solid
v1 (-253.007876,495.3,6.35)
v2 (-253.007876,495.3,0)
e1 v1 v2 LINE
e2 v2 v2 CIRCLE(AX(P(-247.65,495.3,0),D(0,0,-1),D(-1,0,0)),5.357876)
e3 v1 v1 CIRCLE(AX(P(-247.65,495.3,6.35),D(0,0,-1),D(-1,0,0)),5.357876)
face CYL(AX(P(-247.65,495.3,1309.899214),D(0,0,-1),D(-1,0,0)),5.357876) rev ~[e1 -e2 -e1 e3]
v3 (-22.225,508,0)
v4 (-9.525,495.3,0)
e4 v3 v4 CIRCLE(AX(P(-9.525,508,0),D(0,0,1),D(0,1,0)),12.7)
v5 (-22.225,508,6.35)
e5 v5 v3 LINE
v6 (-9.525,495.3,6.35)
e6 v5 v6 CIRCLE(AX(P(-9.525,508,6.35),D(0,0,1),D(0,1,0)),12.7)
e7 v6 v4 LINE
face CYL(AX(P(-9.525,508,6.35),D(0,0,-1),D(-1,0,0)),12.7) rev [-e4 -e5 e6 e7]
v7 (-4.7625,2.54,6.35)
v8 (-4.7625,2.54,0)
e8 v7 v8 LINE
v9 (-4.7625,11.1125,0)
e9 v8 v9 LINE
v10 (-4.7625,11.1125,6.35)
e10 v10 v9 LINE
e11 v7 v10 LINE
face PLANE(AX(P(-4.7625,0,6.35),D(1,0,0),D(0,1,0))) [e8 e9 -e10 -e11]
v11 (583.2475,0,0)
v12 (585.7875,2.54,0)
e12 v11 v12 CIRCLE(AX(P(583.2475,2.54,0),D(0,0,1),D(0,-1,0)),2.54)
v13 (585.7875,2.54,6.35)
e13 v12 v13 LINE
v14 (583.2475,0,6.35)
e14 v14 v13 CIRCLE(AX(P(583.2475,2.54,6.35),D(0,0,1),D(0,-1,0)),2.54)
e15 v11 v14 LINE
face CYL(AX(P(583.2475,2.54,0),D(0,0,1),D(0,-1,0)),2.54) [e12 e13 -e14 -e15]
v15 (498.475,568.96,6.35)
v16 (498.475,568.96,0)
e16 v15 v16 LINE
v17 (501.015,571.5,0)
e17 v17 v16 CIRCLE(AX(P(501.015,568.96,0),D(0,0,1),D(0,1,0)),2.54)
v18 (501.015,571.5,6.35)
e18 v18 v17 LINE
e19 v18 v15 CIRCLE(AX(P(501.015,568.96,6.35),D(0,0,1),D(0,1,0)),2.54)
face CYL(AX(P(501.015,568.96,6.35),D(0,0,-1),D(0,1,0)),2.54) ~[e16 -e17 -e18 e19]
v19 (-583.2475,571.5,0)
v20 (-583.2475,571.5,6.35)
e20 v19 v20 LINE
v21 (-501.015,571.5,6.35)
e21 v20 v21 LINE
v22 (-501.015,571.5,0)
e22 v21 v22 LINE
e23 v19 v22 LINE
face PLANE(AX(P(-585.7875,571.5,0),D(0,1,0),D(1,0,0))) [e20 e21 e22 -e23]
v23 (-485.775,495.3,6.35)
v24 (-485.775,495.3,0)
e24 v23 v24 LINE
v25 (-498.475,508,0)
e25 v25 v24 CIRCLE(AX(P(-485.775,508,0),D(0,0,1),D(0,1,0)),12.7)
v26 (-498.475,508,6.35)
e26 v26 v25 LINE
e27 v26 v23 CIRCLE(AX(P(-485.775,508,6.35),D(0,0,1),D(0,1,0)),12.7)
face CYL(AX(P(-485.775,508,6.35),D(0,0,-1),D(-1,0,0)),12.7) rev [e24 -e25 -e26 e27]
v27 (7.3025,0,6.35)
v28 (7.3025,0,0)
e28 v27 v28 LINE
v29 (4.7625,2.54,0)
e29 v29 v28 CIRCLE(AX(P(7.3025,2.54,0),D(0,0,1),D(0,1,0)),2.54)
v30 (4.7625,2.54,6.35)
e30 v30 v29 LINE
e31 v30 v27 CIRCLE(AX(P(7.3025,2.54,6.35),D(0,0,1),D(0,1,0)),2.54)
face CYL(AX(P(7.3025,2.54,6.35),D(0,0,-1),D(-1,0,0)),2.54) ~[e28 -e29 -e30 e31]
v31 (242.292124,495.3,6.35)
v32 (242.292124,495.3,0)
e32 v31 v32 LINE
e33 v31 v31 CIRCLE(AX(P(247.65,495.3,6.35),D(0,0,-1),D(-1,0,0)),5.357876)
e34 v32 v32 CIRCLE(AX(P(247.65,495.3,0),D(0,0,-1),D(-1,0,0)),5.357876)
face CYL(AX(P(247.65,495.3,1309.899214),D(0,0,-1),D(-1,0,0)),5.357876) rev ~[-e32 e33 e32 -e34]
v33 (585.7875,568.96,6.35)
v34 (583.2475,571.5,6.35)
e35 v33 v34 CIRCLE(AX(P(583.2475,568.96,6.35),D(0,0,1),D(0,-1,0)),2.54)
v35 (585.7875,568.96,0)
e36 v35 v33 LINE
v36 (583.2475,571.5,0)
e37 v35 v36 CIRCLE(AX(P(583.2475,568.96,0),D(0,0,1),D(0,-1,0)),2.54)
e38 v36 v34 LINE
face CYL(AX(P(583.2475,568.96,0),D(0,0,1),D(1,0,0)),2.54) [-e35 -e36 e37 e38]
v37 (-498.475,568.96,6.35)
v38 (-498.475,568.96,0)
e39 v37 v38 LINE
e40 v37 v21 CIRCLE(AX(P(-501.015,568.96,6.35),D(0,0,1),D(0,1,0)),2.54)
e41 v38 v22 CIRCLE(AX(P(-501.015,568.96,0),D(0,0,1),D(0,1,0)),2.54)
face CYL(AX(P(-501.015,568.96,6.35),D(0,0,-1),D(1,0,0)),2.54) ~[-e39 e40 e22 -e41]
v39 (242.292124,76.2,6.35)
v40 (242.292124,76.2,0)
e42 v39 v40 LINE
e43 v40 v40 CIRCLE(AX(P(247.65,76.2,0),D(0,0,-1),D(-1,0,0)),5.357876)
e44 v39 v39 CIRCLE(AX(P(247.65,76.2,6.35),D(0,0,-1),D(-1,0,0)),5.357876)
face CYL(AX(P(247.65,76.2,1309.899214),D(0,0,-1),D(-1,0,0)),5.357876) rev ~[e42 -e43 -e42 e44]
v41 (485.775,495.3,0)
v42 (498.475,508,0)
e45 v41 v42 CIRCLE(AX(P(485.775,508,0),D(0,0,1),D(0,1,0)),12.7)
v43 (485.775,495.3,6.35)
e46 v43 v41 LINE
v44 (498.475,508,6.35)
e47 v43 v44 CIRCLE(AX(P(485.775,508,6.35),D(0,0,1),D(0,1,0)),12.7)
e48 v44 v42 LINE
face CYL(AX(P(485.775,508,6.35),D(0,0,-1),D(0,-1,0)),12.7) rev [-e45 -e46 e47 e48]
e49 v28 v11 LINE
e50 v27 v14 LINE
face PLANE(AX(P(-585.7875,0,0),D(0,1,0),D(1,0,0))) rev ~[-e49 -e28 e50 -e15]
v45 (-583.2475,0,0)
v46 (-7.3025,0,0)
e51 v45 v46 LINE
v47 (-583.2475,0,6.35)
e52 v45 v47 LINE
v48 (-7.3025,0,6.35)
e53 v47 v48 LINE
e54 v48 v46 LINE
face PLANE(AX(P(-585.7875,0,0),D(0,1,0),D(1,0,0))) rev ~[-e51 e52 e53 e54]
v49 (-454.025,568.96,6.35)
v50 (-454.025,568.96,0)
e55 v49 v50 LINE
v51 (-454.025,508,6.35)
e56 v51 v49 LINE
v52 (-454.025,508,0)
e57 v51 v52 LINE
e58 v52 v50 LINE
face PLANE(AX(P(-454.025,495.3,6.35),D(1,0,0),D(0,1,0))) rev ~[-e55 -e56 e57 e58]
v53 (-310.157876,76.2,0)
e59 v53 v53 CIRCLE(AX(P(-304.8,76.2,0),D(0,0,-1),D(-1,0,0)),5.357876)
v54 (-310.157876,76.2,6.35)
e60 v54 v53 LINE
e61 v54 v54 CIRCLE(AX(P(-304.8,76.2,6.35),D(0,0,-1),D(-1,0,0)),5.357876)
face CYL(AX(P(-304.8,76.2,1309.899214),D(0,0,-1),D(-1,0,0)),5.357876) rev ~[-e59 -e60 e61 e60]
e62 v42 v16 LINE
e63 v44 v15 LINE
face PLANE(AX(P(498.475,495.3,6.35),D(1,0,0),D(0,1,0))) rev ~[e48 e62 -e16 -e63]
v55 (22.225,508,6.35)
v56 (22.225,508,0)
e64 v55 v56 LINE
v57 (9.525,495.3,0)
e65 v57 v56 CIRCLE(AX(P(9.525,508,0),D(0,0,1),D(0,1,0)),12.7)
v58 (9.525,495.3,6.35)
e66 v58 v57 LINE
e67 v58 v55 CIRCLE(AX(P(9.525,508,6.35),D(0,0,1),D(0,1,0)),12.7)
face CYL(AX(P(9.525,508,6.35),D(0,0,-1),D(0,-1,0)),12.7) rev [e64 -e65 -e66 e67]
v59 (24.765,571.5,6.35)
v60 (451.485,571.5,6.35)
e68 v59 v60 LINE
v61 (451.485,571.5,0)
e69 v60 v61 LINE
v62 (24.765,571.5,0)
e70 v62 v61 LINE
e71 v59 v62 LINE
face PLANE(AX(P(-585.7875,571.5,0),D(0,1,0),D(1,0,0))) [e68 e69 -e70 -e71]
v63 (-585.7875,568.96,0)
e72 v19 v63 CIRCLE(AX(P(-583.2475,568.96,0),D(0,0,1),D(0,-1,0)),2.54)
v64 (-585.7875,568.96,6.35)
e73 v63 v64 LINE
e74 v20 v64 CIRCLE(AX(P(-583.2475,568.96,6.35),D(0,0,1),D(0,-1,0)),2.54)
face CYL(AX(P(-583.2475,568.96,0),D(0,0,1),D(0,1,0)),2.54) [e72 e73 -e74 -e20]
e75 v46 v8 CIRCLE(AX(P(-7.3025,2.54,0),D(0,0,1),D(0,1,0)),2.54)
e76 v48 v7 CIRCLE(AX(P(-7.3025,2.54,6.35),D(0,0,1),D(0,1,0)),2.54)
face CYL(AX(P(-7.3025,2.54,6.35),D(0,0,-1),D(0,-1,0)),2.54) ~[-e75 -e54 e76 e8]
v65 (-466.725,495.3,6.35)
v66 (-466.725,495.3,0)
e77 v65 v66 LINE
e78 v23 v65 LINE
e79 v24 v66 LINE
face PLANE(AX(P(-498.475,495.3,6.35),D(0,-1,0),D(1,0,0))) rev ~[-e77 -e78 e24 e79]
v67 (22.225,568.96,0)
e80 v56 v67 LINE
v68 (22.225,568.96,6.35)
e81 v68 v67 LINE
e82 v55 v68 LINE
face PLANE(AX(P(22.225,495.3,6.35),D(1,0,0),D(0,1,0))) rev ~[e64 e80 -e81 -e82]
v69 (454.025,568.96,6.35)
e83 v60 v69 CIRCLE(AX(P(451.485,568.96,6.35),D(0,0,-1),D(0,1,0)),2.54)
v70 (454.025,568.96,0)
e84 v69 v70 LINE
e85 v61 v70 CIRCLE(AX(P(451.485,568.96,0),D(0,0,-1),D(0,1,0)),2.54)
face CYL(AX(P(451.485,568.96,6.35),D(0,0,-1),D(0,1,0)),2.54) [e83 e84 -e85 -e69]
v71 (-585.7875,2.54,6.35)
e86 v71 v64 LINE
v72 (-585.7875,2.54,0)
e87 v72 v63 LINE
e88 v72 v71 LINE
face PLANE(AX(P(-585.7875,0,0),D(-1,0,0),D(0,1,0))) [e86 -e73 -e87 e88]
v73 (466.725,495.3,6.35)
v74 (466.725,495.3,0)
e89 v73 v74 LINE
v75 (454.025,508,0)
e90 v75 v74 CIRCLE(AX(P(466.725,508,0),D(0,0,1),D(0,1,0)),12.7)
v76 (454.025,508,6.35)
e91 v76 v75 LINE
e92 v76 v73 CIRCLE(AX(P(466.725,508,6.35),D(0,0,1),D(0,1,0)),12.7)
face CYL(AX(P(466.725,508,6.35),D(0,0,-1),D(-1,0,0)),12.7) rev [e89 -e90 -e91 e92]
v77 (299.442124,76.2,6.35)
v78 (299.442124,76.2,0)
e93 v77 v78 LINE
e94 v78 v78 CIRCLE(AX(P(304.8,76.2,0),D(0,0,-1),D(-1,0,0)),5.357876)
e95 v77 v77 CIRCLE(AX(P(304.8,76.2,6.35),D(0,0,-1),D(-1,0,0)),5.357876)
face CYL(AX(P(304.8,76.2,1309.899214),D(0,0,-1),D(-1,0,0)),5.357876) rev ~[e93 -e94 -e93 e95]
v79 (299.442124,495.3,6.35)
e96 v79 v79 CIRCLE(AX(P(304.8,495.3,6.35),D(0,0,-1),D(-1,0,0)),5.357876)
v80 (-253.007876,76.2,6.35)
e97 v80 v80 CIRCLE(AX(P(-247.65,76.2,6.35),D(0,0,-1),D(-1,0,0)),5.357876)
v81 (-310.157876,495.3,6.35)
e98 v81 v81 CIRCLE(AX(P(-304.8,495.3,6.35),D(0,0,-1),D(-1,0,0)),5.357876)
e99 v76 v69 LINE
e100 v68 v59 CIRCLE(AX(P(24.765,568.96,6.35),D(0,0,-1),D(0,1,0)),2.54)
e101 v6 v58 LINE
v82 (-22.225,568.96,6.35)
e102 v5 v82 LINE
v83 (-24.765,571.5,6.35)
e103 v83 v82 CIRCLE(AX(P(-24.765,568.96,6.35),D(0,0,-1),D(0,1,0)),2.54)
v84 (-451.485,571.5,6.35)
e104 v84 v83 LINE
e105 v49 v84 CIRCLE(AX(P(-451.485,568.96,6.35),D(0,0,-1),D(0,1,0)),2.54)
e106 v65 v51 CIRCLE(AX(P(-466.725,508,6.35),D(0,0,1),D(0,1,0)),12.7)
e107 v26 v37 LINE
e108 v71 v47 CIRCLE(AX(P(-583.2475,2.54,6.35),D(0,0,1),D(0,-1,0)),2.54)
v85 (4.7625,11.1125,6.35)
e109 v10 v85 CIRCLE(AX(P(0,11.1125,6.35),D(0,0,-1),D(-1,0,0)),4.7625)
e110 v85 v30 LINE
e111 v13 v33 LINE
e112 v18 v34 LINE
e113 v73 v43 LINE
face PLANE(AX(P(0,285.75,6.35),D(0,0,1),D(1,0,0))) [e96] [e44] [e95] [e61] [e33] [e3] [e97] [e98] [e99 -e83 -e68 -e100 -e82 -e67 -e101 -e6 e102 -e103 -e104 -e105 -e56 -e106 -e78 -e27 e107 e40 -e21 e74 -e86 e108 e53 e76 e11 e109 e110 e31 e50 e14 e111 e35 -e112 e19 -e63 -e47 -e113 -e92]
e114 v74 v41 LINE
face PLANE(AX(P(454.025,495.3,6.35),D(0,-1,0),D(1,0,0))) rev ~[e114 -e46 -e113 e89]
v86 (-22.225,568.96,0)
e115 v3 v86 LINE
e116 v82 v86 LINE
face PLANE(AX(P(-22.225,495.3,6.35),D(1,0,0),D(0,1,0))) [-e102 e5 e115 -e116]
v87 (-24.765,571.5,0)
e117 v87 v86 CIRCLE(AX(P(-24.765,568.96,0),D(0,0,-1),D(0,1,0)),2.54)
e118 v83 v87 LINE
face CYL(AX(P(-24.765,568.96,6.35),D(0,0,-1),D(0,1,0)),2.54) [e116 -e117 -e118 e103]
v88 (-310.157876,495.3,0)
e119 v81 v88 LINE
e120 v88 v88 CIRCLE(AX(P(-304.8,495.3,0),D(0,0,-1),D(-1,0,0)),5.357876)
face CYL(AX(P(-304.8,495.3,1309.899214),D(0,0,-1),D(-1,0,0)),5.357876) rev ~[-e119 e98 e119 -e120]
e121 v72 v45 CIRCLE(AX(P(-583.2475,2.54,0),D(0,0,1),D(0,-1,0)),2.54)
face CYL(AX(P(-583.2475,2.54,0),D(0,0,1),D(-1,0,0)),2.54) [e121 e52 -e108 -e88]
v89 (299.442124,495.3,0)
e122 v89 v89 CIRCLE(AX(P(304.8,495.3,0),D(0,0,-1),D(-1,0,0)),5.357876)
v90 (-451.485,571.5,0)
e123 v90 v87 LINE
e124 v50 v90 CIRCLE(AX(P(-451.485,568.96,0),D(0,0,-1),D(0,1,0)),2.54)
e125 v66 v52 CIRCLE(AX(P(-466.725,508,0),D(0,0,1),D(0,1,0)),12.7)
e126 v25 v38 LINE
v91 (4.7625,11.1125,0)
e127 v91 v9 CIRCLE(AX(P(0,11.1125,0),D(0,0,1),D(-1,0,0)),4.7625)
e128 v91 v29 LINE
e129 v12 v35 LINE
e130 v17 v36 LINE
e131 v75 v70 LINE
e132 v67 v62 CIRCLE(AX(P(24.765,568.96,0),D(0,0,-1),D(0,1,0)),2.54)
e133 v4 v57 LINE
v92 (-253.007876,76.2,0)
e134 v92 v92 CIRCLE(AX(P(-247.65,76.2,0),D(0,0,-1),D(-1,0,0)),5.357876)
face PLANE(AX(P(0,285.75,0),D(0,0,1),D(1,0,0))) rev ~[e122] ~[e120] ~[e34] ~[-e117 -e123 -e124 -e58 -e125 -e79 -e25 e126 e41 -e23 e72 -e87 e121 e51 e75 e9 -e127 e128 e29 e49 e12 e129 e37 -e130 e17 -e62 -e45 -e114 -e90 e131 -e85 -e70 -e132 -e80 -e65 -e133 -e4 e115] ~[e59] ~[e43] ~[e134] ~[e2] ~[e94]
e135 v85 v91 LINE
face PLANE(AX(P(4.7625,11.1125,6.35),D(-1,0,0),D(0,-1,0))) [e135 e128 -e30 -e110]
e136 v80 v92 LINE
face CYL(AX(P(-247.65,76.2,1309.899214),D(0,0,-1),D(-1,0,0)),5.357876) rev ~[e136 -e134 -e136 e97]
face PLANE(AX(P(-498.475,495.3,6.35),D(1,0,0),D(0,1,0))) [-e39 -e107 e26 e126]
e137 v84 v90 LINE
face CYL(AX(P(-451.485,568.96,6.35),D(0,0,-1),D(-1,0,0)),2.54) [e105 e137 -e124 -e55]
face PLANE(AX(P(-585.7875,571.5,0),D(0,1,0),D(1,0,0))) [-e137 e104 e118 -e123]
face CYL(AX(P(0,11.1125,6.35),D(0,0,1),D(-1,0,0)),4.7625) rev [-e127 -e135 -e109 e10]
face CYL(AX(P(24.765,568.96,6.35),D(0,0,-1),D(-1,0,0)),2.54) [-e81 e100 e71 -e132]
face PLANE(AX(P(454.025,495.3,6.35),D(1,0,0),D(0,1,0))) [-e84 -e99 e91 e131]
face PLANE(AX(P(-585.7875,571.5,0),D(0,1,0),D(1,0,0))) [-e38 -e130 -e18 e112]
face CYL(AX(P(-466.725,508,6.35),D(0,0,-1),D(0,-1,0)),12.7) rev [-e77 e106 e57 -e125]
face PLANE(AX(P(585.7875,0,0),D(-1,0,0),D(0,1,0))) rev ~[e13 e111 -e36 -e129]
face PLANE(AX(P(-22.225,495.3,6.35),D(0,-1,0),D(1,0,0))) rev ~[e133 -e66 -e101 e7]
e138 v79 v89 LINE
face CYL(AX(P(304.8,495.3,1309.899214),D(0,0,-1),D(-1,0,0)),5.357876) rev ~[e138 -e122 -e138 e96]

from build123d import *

# Parameters (mm, degrees)
SKETCH1_W                        = 1171.575
SKETCH1_H                        = 571.5
BOSS_EXTRUDE1_DEPTH              = 6.35
F_27_64_0_42188_DIAMETER_HOLE1_D = 10.715752
SKETCH5_W                        = 44.45
SKETCH5_H                        = 76.2
CUT_EXTRUDE1_DEPTH               = 7.35
CUT_EXTRUDE2_DEPTH               = 7.35
FILLET1_R                        = 12.7
FILLET2_R                        = 2.54


with BuildPart() as part:
    # Sketch1 → Boss-Extrude1 (new body)
    with BuildSketch(Plane.XY):
        with Locations((0, 285.75)):
            Rectangle(SKETCH1_W, SKETCH1_H)
    extrude(amount=BOSS_EXTRUDE1_DEPTH)

    # 27/64 (0.42188) Diameter Hole1 (through all)
    with Locations(Plane.XY.offset(6.35)):
        with Locations((304.8, 495.3), (-247.65, 495.3), (-304.8, 495.3), (-247.65, 76.2), (-304.8, 76.2), (247.65, 76.2), (304.8, 76.2), (247.65, 495.3)):
            Hole(F_27_64_0_42188_DIAMETER_HOLE1_D / 2)

    # Sketch5 → Cut-Extrude1 (cut, through all)
    with BuildSketch(Plane.XY.offset(6.35)):
        with Locations((-476.25, 533.4)):
            Rectangle(SKETCH5_W, SKETCH5_H)
        with Locations((0, 533.4)):
            Rectangle(SKETCH5_W, SKETCH5_H)
        with Locations((476.25, 533.4)):
            Rectangle(SKETCH5_W, SKETCH5_H)
    extrude(amount=-CUT_EXTRUDE1_DEPTH, mode=Mode.SUBTRACT)

    # Sketch6 → Cut-Extrude2 (cut, through all)
    with BuildSketch(Plane.XY.offset(6.35)):
        with BuildLine():
            Line((4.7625, 0), (-4.7625, 0))
            Line((-4.7625, 0), (-4.7625, 11.1125))
            ThreePointArc((-4.7625, 11.1125), (0, 15.875), (4.7625, 11.1125))
            Line((4.7625, 11.1125), (4.7625, 0))
        make_face()
    extrude(amount=-CUT_EXTRUDE2_DEPTH, mode=Mode.SUBTRACT)

    # Fillet1
    fillet1_edges = [part.edges().sort_by_distance(p)[0] for p in [
        (-454.025, 495.3, 3.175),
        (-498.475, 495.3, 3.175),
        (-22.225, 495.3, 3.175),
        (22.225, 495.3, 3.175),
        (454.025, 495.3, 3.175),
        (498.475, 495.3, 3.175),
    ]]
    fillet(fillet1_edges, radius=FILLET1_R)

    # Fillet2
    fillet2_edges = [part.edges().sort_by_distance(p)[0] for p in [
        (4.7625, 0, 3.175),
        (-4.7625, 0, 3.175),
        (-498.475, 571.5, 3.175),
        (-454.025, 571.5, 3.175),
        (-585.7875, 571.5, 3.175),
        (585.7875, 571.5, 3.175),
        (585.7875, 0, 3.175),
        (-22.225, 571.5, 3.175),
        (-585.7875, 0, 3.175),
        (22.225, 571.5, 3.175),
        (454.025, 571.5, 3.175),
        (498.475, 571.5, 3.175),
    ]]
    fillet(fillet2_edges, radius=FILLET2_R)


solid = part.part
